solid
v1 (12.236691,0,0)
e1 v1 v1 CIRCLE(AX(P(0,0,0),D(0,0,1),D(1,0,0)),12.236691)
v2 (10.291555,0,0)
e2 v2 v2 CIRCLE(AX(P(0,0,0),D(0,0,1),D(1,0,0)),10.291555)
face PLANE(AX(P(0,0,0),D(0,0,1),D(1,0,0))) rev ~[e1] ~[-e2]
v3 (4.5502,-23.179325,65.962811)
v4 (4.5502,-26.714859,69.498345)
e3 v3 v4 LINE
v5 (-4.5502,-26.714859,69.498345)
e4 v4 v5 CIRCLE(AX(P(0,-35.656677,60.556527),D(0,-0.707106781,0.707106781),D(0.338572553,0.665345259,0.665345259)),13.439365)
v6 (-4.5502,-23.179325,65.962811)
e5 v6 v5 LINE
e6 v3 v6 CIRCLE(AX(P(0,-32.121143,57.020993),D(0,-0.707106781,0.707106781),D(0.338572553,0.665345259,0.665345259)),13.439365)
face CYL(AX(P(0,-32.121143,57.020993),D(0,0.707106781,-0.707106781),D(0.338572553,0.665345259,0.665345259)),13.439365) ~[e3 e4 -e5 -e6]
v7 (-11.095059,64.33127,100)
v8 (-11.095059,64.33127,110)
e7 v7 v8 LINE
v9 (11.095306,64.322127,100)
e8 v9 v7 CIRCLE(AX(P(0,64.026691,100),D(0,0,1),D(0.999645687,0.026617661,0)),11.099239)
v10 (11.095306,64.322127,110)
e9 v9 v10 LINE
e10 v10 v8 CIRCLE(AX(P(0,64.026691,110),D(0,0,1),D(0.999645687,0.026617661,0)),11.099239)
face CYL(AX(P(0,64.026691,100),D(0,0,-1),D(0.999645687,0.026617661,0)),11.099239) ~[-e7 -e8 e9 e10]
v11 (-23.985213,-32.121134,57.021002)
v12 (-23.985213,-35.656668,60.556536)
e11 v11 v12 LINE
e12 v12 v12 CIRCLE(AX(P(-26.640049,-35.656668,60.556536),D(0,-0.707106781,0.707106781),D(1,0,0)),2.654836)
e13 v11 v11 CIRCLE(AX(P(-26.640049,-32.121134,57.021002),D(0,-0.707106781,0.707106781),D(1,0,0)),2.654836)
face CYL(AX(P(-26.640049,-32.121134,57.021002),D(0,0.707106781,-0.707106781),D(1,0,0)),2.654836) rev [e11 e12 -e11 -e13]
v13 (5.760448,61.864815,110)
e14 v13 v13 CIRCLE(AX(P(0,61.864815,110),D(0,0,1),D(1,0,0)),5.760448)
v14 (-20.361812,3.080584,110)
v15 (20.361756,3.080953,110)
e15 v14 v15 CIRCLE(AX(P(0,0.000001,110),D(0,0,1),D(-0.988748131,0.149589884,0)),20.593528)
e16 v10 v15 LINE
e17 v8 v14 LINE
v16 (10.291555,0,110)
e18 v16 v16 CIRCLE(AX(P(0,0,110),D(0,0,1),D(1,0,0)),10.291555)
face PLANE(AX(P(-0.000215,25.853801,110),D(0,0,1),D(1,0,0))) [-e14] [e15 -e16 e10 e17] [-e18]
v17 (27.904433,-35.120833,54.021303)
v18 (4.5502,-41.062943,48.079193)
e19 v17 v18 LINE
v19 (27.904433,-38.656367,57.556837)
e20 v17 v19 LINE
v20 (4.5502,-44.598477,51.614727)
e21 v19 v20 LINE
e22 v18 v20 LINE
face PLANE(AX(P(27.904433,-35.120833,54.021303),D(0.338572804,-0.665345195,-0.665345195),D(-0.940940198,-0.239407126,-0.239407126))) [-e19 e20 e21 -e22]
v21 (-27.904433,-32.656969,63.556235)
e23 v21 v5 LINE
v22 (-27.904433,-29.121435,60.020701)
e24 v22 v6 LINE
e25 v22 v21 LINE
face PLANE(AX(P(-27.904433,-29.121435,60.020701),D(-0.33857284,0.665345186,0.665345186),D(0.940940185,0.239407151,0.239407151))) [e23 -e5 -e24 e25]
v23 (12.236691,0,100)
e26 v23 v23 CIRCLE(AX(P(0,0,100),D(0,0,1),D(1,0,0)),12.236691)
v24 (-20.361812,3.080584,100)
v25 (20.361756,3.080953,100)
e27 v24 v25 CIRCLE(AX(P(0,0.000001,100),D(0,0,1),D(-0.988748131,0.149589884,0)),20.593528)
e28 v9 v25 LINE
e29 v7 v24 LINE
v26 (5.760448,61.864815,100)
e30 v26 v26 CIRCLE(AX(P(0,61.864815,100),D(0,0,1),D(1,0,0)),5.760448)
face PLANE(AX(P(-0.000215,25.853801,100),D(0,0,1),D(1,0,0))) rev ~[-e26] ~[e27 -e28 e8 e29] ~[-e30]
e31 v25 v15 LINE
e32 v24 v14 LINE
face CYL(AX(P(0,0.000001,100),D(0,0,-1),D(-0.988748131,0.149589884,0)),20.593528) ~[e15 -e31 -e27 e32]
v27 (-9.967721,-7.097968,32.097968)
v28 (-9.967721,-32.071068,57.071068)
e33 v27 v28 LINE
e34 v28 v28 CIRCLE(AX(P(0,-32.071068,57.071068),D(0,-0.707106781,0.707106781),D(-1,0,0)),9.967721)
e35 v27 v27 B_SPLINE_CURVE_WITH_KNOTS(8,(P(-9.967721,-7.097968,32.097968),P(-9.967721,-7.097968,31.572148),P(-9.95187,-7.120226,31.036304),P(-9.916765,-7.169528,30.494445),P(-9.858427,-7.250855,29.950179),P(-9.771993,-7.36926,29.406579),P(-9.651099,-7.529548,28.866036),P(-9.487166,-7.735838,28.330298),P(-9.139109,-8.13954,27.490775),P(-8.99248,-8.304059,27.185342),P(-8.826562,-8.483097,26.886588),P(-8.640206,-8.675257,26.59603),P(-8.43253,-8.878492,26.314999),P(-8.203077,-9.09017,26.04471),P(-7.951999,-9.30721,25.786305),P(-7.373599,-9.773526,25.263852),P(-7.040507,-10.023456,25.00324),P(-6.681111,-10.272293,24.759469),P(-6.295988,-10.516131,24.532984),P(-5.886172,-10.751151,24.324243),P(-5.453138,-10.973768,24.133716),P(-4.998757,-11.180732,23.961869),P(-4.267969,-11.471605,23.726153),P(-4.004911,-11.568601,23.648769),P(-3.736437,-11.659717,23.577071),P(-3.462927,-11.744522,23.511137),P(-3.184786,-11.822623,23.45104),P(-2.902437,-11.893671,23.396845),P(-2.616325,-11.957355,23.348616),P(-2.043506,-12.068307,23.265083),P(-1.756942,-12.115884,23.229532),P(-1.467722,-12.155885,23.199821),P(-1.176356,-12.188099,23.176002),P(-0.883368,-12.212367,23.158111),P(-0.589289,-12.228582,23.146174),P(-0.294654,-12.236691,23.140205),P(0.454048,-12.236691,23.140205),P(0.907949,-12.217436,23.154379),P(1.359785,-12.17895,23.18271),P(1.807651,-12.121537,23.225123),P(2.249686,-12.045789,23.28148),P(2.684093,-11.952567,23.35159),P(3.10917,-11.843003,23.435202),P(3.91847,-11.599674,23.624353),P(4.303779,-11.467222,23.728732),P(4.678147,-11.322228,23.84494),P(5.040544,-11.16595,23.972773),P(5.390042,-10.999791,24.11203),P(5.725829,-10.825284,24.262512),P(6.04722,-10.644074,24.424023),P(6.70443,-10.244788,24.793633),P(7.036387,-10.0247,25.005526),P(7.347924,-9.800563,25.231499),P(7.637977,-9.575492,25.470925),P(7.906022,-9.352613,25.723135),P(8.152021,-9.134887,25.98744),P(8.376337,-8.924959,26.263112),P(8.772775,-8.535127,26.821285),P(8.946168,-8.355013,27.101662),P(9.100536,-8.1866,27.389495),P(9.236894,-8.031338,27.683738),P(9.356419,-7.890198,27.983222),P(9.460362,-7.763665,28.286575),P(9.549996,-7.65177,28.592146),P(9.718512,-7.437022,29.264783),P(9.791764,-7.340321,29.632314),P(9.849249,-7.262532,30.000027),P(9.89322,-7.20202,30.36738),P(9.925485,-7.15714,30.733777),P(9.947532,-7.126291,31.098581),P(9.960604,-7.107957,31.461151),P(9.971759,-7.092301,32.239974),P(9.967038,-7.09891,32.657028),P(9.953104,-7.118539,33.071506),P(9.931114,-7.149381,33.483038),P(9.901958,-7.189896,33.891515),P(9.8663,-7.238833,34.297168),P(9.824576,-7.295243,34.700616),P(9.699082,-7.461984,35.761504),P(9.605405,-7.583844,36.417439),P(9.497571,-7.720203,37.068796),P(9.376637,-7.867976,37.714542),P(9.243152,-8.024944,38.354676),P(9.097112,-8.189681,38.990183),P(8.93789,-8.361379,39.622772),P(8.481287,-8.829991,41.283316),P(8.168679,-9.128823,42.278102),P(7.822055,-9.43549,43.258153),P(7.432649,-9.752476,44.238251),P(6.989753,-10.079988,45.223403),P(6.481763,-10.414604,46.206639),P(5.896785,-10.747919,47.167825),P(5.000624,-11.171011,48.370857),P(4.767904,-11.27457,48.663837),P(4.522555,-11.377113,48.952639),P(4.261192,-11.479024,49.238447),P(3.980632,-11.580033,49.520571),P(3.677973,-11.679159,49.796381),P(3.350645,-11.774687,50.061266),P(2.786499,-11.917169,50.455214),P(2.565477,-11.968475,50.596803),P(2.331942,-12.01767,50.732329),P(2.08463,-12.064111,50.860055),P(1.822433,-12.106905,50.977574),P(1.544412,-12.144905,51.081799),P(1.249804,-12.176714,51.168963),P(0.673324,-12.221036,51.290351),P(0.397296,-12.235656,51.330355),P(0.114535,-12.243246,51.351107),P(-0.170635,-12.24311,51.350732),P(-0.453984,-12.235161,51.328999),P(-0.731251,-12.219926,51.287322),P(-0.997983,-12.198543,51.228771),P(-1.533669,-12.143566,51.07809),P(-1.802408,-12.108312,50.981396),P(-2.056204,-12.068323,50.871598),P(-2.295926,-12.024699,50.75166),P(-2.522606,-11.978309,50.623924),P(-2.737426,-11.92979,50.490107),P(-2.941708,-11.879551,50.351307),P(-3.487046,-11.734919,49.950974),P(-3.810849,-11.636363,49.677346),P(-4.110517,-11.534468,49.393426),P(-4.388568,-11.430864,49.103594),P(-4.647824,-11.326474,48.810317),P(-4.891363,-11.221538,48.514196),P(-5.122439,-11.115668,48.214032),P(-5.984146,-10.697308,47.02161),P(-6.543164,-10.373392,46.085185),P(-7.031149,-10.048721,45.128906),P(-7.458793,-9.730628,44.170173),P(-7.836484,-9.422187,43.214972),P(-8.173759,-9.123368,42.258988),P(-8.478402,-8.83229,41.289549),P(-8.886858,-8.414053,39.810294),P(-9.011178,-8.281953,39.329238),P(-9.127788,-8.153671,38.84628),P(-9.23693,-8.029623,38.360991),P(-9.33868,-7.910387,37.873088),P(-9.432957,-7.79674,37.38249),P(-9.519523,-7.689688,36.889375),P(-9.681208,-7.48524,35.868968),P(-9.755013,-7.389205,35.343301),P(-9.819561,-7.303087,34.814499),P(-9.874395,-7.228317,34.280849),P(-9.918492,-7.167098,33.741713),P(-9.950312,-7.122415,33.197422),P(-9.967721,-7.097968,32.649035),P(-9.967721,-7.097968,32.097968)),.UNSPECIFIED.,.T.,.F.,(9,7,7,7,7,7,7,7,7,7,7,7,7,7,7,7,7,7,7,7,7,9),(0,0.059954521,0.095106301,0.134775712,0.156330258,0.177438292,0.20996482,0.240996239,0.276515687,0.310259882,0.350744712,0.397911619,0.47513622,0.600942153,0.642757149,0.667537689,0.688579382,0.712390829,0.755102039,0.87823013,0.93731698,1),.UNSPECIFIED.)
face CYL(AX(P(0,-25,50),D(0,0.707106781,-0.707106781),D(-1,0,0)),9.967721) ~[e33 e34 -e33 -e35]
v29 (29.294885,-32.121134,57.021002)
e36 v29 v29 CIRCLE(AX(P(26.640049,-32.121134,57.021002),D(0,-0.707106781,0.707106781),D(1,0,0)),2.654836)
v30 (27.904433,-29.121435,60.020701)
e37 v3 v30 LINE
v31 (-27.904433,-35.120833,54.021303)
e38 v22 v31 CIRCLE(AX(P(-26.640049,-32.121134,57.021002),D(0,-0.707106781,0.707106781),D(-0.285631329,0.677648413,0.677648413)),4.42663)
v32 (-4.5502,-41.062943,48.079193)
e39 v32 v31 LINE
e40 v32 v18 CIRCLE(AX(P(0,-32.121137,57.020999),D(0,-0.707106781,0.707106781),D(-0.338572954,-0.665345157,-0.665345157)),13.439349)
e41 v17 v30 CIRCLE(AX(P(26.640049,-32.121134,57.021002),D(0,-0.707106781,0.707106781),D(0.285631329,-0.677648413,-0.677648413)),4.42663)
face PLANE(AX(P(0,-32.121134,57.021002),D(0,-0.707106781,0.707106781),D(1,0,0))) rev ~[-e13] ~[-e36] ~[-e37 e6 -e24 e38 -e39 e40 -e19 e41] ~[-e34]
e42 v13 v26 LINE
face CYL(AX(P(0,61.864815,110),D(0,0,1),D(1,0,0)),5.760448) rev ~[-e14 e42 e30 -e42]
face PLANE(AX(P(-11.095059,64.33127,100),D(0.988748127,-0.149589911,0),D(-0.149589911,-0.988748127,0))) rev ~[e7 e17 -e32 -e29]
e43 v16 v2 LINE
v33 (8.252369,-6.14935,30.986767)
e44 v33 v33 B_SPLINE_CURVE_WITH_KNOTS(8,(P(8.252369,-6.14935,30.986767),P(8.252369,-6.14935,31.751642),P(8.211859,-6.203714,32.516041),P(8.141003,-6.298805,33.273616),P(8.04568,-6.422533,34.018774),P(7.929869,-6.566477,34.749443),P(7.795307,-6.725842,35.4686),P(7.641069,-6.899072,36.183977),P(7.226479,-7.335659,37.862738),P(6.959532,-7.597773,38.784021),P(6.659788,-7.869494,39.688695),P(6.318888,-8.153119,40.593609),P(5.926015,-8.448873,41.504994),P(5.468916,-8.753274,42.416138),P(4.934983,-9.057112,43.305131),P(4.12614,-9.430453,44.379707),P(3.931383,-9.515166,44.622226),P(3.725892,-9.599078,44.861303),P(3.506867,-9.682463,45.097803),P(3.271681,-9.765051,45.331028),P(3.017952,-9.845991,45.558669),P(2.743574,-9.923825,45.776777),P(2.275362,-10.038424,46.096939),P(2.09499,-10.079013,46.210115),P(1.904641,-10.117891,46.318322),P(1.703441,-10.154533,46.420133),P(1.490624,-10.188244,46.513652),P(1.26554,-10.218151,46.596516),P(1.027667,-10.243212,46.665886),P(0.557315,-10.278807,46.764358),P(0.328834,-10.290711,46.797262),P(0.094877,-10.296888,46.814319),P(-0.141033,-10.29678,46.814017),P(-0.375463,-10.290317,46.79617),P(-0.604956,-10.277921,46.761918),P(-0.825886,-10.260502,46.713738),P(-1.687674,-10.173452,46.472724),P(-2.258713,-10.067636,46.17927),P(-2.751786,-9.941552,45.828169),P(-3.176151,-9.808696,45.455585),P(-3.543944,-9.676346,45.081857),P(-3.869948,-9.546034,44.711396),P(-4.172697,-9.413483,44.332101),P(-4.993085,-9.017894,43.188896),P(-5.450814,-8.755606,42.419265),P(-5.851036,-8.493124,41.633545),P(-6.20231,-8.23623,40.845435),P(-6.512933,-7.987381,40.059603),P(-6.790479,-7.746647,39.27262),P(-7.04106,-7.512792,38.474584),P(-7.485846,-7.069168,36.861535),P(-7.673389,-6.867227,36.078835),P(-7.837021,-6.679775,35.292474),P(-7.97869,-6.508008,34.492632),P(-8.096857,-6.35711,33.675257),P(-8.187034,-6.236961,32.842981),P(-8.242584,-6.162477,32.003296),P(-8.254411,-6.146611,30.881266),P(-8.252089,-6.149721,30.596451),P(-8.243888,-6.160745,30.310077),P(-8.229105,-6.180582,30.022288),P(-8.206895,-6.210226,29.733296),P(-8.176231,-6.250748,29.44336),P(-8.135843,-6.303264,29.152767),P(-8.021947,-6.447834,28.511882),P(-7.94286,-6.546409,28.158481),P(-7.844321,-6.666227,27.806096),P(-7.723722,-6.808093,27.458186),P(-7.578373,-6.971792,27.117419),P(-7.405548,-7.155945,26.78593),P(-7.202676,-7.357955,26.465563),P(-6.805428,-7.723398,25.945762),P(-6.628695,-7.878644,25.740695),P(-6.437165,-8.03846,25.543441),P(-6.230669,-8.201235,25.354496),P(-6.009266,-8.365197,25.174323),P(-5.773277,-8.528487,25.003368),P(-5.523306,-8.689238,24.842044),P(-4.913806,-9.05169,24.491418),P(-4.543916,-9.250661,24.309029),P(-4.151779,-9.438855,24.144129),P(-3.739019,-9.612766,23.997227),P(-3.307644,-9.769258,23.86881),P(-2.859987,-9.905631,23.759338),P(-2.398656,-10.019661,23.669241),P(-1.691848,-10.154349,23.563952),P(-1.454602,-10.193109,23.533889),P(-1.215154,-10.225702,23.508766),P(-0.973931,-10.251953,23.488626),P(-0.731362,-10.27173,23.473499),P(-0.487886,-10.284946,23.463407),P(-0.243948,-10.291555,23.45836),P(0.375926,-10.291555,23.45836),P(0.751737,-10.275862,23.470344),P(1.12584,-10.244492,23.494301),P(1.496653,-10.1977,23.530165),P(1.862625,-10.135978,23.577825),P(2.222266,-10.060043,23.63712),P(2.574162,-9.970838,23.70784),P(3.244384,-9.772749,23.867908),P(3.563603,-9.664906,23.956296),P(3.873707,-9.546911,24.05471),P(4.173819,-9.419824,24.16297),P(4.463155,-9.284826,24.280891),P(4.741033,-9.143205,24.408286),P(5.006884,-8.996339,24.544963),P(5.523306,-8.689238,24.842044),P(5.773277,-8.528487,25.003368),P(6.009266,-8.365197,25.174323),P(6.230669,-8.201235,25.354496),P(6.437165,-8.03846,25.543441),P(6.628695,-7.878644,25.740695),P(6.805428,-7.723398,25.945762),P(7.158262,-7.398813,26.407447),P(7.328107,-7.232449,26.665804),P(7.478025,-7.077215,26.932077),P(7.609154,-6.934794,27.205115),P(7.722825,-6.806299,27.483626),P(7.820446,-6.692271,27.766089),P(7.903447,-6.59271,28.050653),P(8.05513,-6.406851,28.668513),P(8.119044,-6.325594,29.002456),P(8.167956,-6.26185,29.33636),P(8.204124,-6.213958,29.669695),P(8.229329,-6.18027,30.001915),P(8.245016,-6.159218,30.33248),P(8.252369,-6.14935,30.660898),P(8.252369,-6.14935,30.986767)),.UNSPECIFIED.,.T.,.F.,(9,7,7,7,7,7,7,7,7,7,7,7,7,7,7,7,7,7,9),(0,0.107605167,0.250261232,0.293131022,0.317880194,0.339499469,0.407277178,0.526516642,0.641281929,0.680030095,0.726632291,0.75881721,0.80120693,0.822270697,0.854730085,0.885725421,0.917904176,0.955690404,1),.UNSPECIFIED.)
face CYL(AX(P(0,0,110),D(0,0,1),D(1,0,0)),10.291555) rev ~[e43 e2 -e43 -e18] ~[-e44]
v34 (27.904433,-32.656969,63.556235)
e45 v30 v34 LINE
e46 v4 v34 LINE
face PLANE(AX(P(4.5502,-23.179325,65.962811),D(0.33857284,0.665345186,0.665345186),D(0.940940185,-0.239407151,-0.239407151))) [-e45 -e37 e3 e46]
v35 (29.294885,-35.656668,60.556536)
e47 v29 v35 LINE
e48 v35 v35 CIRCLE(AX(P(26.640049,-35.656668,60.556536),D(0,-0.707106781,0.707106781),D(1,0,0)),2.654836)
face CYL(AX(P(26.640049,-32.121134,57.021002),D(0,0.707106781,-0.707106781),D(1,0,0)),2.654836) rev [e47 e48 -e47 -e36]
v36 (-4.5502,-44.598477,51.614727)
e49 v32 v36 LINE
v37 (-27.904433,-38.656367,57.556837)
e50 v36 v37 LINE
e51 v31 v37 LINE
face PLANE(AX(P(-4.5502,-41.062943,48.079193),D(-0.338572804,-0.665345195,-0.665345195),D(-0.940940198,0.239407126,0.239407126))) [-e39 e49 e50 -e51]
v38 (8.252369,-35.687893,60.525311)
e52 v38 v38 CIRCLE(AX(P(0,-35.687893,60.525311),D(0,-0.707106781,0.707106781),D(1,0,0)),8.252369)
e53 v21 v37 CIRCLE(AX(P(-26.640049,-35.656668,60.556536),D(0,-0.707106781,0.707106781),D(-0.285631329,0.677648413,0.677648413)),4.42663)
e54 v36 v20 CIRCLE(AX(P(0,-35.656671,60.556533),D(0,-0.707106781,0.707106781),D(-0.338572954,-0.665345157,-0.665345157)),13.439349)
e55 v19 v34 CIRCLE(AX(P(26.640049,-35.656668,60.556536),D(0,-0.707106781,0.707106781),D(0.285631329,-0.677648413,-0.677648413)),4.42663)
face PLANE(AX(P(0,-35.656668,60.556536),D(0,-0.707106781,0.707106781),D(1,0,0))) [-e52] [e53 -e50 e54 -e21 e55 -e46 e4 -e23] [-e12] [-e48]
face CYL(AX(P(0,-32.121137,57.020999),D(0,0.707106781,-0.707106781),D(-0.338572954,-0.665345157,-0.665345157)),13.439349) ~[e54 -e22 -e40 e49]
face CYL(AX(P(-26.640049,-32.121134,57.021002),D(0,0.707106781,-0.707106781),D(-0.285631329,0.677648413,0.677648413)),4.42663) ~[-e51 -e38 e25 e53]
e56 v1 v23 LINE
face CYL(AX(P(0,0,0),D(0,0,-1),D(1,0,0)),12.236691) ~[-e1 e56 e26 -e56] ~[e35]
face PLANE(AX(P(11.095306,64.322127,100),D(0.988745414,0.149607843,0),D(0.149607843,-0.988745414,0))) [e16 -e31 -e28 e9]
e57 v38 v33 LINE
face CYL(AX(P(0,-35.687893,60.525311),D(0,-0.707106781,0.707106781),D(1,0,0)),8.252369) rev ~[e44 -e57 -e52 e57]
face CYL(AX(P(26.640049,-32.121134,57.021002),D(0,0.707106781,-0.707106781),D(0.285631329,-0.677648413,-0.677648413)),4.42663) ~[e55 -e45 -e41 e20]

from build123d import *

# Parameters (mm, degrees)
SKETCH_R          = 12.236691
PAD_DEPTH         = 100
PAD001_DEPTH      = 10
SKETCH002_R       = 9.967721
PAD002_DEPTH      = 31
PAD002_DEPTH_BACK = -10
SKETCH003_R       = 2.654836
PAD003_DEPTH      = 5
SKETCH004_R       = 10.291555
SKETCH004_R_2     = 5.760448
POCKET_DEPTH      = 110.001
SKETCH005_R       = 8.252369
POCKET001_DEPTH   = 56


with BuildPart() as part:
    # Sketch → Pad (new body)
    with BuildSketch(Plane.XY):
        Circle(SKETCH_R)
    extrude(amount=PAD_DEPTH)

    # Sketch001 (on Face3 of Pad) → Pad001 (join)
    with BuildSketch(Plane.XY.offset(100)):
        with BuildLine():
            ThreePointArc((-20.361812, 3.080584), (0.000187, -20.593527), (20.361756, 3.080953))
            Line((11.095306, 64.322127), (20.361756, 3.080953))
            ThreePointArc((11.095306, 64.322127), (0.004574, 75.125929), (-11.095059, 64.33127))
            Line((-11.095059, 64.33127), (-20.361812, 3.080584))
        make_face()
    extrude(amount=PAD001_DEPTH)

    # Sketch002 (on DatumPlane) → Pad002 (join, two sides)
    with BuildSketch(Plane(origin=(0, -25, 50), x_dir=(-1, 0, 0), z_dir=(0, -0.707107, 0.707107))) as pad002_sk:
        Circle(SKETCH002_R)
    extrude(amount=-PAD002_DEPTH)
    extrude(pad002_sk.sketch, amount=-PAD002_DEPTH_BACK)

    # Sketch003 (on Face10 of Pad002) → Pad003 (join)
    with BuildSketch(Plane(origin=(0, -44.571068, 44.571068), x_dir=(1, 0, 0), z_dir=(0, -0.707107, 0.707107))):
        with BuildLine():
            ThreePointArc((4.5502, 30.252493), (0, 31.046218), (-4.5502, 30.252493))
            Line((-27.904433, 21.84908), (-4.5502, 30.252493))
            ThreePointArc((-27.904433, 21.84908), (-31.066679, 17.606865), (-27.904433, 13.36465))
            Line((-4.5502, 4.961238), (-27.904433, 13.36465))
            ThreePointArc((-4.5502, 4.961238), (0, 4.167512), (4.5502, 4.961238))
            Line((27.904433, 13.36465), (4.5502, 4.961238))
            ThreePointArc((27.904433, 13.36465), (31.066679, 17.606865), (27.904433, 21.84908))
            Line((4.5502, 30.252493), (27.904433, 21.84908))
        make_face()
        with Locations((-26.640049, 17.606865)):
            Circle(SKETCH003_R, mode=Mode.SUBTRACT)
        with Locations((26.640049, 17.606865)):
            Circle(SKETCH003_R, mode=Mode.SUBTRACT)
    extrude(amount=PAD003_DEPTH)

    # Sketch004 (on Face21 of Pad003) → Pocket (cut, through all)
    with BuildSketch(Plane.XY.offset(110)):
        Circle(SKETCH004_R)
        with Locations((0, 61.864815)):
            Circle(SKETCH004_R_2)
    extrude(amount=-POCKET_DEPTH, mode=Mode.SUBTRACT)

    # Sketch005 (on Face5 of Pocket) → Pocket001 (cut)
    with BuildSketch(Plane(origin=(0, -48.106602, 48.106602), x_dir=(1, 0, 0), z_dir=(0, -0.707107, 0.707107))):
        with Locations((0, 17.562706)):
            Circle(SKETCH005_R)
    extrude(amount=-POCKET001_DEPTH, mode=Mode.SUBTRACT)


solid = part.part
